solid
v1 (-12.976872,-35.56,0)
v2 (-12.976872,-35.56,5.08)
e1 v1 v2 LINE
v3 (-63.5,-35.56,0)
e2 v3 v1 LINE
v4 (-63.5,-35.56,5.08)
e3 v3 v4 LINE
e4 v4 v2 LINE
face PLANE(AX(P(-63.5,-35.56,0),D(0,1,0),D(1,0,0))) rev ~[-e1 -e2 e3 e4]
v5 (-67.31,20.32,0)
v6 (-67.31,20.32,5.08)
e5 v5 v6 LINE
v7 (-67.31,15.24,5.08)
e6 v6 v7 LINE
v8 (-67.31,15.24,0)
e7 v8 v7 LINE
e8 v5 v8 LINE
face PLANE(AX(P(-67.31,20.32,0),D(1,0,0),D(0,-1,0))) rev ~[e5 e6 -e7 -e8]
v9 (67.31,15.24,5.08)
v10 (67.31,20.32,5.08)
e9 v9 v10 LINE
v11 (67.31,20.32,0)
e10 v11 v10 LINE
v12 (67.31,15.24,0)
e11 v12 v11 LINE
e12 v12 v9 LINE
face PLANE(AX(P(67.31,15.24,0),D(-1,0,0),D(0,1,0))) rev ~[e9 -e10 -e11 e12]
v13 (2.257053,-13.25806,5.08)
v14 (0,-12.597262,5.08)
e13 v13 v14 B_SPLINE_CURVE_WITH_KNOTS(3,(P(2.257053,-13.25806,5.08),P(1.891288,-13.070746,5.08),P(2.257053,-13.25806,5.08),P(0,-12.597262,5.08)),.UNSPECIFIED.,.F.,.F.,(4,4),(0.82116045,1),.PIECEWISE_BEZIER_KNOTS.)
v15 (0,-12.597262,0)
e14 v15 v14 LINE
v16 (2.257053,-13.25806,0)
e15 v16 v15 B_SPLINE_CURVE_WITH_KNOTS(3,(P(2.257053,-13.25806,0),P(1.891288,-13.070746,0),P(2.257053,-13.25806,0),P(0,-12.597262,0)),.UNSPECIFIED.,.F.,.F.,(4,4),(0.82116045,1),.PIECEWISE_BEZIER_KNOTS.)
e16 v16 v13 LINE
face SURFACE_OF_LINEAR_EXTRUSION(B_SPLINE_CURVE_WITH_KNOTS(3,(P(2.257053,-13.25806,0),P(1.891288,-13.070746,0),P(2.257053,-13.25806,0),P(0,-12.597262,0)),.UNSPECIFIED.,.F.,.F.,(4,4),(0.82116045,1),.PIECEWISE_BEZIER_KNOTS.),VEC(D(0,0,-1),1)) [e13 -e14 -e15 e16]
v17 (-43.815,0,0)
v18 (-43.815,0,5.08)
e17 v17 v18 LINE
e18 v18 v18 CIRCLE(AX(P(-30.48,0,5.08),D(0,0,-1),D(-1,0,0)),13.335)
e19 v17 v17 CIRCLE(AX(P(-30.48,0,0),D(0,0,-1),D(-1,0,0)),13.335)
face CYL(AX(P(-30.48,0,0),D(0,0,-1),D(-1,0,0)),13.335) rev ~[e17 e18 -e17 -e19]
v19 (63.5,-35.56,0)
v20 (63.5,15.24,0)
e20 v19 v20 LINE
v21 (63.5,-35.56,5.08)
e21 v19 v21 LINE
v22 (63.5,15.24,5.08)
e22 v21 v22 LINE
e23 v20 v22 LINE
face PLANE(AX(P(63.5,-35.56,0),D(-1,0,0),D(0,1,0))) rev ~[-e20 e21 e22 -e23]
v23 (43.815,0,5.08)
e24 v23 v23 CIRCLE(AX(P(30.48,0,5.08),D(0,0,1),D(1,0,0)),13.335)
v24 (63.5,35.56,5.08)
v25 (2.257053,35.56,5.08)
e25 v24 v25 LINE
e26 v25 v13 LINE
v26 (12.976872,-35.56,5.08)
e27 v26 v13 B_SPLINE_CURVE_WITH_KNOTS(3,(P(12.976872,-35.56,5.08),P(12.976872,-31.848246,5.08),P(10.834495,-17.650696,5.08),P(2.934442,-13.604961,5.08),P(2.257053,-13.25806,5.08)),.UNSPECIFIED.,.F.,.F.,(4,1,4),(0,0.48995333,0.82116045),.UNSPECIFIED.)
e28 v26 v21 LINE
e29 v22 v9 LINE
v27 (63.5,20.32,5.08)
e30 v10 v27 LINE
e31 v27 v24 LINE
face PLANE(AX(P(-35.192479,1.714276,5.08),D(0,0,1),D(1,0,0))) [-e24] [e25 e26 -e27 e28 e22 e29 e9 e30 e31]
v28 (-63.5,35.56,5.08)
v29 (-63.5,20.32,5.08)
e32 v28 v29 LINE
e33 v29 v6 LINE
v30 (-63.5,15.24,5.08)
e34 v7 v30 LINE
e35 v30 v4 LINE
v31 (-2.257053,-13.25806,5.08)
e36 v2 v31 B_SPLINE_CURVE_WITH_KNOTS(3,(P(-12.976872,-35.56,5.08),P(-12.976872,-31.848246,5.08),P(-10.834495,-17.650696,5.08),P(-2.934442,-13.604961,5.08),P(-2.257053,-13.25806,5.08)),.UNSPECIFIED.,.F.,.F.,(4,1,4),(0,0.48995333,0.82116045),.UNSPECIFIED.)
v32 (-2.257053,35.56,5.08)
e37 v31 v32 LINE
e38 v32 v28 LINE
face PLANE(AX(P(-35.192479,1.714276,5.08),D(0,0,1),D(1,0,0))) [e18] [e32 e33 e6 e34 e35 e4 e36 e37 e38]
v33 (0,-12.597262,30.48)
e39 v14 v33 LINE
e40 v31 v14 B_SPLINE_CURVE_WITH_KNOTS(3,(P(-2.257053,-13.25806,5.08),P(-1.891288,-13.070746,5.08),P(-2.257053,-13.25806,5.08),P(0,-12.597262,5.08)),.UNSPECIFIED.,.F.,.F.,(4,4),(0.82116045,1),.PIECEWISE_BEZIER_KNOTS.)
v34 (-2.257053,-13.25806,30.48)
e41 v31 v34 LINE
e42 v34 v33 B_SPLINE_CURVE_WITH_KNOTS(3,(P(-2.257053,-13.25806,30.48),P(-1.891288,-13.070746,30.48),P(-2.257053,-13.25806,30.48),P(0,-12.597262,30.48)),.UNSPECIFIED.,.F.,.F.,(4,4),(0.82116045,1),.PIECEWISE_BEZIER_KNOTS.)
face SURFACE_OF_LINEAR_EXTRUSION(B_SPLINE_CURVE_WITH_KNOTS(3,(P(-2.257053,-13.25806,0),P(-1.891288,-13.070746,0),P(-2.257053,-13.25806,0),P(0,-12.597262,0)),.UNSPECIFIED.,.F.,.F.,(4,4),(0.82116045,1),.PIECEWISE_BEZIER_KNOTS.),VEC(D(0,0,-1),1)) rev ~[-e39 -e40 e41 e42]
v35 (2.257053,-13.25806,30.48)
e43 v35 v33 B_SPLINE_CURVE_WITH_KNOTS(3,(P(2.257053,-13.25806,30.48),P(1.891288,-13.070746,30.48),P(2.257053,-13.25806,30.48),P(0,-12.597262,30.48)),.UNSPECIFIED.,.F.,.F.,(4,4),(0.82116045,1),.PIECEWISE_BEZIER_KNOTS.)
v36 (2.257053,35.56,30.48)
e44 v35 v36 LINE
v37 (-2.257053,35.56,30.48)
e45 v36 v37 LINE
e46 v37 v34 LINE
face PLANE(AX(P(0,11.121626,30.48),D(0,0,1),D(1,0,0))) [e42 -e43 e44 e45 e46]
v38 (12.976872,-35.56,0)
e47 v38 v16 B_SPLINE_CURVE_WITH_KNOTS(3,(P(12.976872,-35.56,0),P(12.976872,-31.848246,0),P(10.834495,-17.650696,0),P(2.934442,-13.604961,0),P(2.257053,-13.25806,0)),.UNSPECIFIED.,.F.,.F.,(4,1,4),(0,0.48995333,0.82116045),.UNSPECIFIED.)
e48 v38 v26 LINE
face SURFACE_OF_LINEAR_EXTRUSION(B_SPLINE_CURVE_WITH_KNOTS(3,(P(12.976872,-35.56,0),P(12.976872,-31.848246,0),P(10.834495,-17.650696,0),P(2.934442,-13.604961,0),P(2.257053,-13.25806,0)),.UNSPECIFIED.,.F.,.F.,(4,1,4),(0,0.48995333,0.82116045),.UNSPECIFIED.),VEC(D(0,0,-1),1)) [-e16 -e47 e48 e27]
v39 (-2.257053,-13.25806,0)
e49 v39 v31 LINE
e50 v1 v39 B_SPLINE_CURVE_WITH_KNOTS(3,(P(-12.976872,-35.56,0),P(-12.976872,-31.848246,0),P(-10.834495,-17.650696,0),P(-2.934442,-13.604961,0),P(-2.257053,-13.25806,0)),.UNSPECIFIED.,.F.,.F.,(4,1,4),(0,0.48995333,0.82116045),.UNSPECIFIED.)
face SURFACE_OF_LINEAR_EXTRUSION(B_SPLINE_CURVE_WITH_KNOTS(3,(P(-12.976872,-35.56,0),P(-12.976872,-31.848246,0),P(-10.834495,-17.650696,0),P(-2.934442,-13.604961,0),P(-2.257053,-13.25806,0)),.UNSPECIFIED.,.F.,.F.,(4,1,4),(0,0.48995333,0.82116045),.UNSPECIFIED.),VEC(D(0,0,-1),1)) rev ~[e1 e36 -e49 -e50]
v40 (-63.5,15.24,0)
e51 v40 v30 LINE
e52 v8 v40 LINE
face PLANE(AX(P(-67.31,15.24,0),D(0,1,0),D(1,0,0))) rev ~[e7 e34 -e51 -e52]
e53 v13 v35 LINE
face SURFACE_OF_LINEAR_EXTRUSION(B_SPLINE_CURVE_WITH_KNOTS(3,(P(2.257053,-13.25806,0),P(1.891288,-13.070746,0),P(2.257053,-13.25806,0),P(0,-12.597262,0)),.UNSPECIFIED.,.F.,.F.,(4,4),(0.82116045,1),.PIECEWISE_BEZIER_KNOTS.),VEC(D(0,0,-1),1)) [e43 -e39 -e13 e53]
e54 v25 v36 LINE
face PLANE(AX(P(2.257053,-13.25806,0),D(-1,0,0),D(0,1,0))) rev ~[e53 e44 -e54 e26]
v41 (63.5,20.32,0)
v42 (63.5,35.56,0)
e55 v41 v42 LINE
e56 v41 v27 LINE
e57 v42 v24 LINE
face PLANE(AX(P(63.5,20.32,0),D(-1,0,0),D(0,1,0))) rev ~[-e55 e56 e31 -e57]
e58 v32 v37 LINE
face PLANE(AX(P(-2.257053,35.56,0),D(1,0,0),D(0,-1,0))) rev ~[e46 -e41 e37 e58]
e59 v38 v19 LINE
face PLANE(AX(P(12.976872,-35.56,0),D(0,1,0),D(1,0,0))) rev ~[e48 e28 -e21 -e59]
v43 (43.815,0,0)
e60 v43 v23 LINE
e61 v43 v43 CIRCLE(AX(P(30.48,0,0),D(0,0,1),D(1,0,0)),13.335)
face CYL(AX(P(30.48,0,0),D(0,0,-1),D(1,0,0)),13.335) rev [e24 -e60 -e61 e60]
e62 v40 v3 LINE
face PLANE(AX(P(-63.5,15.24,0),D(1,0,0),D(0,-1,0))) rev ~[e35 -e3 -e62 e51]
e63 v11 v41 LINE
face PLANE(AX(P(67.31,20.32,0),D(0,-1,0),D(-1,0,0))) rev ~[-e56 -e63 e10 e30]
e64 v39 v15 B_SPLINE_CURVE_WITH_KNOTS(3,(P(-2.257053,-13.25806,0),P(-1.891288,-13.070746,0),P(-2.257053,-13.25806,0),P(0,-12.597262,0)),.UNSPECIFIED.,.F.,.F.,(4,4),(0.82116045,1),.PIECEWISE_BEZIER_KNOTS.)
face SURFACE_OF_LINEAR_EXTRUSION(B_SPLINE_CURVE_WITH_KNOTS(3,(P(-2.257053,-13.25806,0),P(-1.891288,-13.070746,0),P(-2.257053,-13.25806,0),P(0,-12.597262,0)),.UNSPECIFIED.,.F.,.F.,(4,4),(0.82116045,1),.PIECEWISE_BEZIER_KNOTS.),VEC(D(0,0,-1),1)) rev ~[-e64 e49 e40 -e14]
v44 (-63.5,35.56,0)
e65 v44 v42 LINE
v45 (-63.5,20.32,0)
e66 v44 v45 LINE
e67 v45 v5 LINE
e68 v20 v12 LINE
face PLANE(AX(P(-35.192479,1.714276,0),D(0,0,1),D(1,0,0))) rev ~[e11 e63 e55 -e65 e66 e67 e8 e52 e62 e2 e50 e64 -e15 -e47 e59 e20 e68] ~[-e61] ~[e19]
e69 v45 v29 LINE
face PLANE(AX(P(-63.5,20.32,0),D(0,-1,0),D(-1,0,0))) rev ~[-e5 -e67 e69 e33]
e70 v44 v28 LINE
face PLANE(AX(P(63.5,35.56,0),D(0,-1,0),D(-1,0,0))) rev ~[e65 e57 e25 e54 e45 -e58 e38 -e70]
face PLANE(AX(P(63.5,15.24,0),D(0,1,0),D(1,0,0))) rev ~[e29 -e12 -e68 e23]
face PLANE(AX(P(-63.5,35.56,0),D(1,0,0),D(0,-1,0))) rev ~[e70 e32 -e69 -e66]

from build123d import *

# Parameters (mm, degrees)
F0_R     = 13.335
F1_DEPTH = 5.08
F2_DEPTH = 30.48


with BuildPart() as f1:
    # F0 (on Top) → F1 (new body)
    with BuildSketch(Plane.XY):
        with BuildLine():
            Line((-63.5, 0), (-63.5, -35.56))
            Line((-63.5, -35.56), (-12.9768723283, -35.56))
            add(Edge.make_bspline(
                [(-12.9768723283, -35.56), (-12.9768723283, -31.8482456286), (-10.8344948575, -17.6506955634), (-2.9344420293, -13.6049609884), (-2.2570529826, -13.2580599807)],
                knots=[0, 0, 0, 0, 0.4899533297, 0.8211604502, 0.8211604502, 0.8211604502, 0.8211604502], degree=3))
            Line((-2.2570529826, -13.2580599807), (-2.2570529826, 35.56))
            Line((-2.2570529826, 35.56), (-63.5, 35.56))
            Line((-63.5, 35.56), (-63.5, 20.32))
            Line((-63.5, 20.32), (-67.31, 20.32))
            Line((-67.31, 20.32), (-67.31, 15.24))
            Line((-67.31, 15.24), (-63.5, 15.24))
            Line((-63.5, 15.24), (-63.5, 0))
        make_face()
        with BuildLine():
            ThreePointArc((-17.145, 0), (-30.48, -13.335), (-43.815, 0))
            ThreePointArc((-43.815, 0), (-30.48, 13.335), (-17.145, 0))
        make_face(mode=Mode.SUBTRACT)
        with BuildLine():
            Line((-2.2570529826, 35.56), (-2.2570529826, -13.2580599807))
            add(Edge.make_bspline(
                [(-2.2570529826, -13.2580599807), (-1.8912880438, -13.0707463144), (-2.2570529826, -13.2580599807), (0, -12.597261928)],
                knots=[0.8211604502, 0.8211604502, 0.8211604502, 0.8211604502, 1, 1, 1, 1], degree=3))
            add(Edge.make_bspline(
                [(2.2570529826, -13.2580599807), (1.8912880438, -13.0707463144), (2.2570529826, -13.2580599807), (0, -12.597261928)],
                knots=[0.8211604502, 0.8211604502, 0.8211604502, 0.8211604502, 1, 1, 1, 1], degree=3))
            Line((2.2570529826, -13.2580599807), (2.2570529826, 35.56))
            Line((2.2570529826, 35.56), (-2.2570529826, 35.56))
        make_face()
        with BuildLine():
            Line((2.2570529826, 35.56), (2.2570529826, -13.2580599807))
            add(Edge.make_bspline(
                [(12.9768723283, -35.56), (12.9768723283, -31.8482456286), (10.8344948575, -17.6506955634), (2.9344420293, -13.6049609884), (2.2570529826, -13.2580599807)],
                knots=[0, 0, 0, 0, 0.4899533297, 0.8211604502, 0.8211604502, 0.8211604502, 0.8211604502], degree=3))
            Line((12.9768723283, -35.56), (63.5, -35.56))
            Line((63.5, -35.56), (63.5, 15.24))
            Line((63.5, 15.24), (67.31, 15.24))
            Line((67.31, 15.24), (67.31, 20.32))
            Line((67.31, 20.32), (63.5, 20.32))
            Line((63.5, 20.32), (63.5, 35.56))
            Line((63.5, 35.56), (2.2570529826, 35.56))
        make_face()
        with Locations((30.48, 0)):
            Circle(F0_R, mode=Mode.SUBTRACT)
    extrude(amount=F1_DEPTH)

    # F0 (on Top) → F2 (join)
    with BuildSketch(Plane.XY):
        with BuildLine():
            Line((-2.2570529826, 35.56), (-2.2570529826, -13.2580599807))
            add(Edge.make_bspline(
                [(-2.2570529826, -13.2580599807), (-1.8912880438, -13.0707463144), (-2.2570529826, -13.2580599807), (0, -12.597261928)],
                knots=[0.8211604502, 0.8211604502, 0.8211604502, 0.8211604502, 1, 1, 1, 1], degree=3))
            add(Edge.make_bspline(
                [(2.2570529826, -13.2580599807), (1.8912880438, -13.0707463144), (2.2570529826, -13.2580599807), (0, -12.597261928)],
                knots=[0.8211604502, 0.8211604502, 0.8211604502, 0.8211604502, 1, 1, 1, 1], degree=3))
            Line((2.2570529826, -13.2580599807), (2.2570529826, 35.56))
            Line((2.2570529826, 35.56), (-2.2570529826, 35.56))
        make_face()
    extrude(amount=F2_DEPTH)


solid = f1.part
